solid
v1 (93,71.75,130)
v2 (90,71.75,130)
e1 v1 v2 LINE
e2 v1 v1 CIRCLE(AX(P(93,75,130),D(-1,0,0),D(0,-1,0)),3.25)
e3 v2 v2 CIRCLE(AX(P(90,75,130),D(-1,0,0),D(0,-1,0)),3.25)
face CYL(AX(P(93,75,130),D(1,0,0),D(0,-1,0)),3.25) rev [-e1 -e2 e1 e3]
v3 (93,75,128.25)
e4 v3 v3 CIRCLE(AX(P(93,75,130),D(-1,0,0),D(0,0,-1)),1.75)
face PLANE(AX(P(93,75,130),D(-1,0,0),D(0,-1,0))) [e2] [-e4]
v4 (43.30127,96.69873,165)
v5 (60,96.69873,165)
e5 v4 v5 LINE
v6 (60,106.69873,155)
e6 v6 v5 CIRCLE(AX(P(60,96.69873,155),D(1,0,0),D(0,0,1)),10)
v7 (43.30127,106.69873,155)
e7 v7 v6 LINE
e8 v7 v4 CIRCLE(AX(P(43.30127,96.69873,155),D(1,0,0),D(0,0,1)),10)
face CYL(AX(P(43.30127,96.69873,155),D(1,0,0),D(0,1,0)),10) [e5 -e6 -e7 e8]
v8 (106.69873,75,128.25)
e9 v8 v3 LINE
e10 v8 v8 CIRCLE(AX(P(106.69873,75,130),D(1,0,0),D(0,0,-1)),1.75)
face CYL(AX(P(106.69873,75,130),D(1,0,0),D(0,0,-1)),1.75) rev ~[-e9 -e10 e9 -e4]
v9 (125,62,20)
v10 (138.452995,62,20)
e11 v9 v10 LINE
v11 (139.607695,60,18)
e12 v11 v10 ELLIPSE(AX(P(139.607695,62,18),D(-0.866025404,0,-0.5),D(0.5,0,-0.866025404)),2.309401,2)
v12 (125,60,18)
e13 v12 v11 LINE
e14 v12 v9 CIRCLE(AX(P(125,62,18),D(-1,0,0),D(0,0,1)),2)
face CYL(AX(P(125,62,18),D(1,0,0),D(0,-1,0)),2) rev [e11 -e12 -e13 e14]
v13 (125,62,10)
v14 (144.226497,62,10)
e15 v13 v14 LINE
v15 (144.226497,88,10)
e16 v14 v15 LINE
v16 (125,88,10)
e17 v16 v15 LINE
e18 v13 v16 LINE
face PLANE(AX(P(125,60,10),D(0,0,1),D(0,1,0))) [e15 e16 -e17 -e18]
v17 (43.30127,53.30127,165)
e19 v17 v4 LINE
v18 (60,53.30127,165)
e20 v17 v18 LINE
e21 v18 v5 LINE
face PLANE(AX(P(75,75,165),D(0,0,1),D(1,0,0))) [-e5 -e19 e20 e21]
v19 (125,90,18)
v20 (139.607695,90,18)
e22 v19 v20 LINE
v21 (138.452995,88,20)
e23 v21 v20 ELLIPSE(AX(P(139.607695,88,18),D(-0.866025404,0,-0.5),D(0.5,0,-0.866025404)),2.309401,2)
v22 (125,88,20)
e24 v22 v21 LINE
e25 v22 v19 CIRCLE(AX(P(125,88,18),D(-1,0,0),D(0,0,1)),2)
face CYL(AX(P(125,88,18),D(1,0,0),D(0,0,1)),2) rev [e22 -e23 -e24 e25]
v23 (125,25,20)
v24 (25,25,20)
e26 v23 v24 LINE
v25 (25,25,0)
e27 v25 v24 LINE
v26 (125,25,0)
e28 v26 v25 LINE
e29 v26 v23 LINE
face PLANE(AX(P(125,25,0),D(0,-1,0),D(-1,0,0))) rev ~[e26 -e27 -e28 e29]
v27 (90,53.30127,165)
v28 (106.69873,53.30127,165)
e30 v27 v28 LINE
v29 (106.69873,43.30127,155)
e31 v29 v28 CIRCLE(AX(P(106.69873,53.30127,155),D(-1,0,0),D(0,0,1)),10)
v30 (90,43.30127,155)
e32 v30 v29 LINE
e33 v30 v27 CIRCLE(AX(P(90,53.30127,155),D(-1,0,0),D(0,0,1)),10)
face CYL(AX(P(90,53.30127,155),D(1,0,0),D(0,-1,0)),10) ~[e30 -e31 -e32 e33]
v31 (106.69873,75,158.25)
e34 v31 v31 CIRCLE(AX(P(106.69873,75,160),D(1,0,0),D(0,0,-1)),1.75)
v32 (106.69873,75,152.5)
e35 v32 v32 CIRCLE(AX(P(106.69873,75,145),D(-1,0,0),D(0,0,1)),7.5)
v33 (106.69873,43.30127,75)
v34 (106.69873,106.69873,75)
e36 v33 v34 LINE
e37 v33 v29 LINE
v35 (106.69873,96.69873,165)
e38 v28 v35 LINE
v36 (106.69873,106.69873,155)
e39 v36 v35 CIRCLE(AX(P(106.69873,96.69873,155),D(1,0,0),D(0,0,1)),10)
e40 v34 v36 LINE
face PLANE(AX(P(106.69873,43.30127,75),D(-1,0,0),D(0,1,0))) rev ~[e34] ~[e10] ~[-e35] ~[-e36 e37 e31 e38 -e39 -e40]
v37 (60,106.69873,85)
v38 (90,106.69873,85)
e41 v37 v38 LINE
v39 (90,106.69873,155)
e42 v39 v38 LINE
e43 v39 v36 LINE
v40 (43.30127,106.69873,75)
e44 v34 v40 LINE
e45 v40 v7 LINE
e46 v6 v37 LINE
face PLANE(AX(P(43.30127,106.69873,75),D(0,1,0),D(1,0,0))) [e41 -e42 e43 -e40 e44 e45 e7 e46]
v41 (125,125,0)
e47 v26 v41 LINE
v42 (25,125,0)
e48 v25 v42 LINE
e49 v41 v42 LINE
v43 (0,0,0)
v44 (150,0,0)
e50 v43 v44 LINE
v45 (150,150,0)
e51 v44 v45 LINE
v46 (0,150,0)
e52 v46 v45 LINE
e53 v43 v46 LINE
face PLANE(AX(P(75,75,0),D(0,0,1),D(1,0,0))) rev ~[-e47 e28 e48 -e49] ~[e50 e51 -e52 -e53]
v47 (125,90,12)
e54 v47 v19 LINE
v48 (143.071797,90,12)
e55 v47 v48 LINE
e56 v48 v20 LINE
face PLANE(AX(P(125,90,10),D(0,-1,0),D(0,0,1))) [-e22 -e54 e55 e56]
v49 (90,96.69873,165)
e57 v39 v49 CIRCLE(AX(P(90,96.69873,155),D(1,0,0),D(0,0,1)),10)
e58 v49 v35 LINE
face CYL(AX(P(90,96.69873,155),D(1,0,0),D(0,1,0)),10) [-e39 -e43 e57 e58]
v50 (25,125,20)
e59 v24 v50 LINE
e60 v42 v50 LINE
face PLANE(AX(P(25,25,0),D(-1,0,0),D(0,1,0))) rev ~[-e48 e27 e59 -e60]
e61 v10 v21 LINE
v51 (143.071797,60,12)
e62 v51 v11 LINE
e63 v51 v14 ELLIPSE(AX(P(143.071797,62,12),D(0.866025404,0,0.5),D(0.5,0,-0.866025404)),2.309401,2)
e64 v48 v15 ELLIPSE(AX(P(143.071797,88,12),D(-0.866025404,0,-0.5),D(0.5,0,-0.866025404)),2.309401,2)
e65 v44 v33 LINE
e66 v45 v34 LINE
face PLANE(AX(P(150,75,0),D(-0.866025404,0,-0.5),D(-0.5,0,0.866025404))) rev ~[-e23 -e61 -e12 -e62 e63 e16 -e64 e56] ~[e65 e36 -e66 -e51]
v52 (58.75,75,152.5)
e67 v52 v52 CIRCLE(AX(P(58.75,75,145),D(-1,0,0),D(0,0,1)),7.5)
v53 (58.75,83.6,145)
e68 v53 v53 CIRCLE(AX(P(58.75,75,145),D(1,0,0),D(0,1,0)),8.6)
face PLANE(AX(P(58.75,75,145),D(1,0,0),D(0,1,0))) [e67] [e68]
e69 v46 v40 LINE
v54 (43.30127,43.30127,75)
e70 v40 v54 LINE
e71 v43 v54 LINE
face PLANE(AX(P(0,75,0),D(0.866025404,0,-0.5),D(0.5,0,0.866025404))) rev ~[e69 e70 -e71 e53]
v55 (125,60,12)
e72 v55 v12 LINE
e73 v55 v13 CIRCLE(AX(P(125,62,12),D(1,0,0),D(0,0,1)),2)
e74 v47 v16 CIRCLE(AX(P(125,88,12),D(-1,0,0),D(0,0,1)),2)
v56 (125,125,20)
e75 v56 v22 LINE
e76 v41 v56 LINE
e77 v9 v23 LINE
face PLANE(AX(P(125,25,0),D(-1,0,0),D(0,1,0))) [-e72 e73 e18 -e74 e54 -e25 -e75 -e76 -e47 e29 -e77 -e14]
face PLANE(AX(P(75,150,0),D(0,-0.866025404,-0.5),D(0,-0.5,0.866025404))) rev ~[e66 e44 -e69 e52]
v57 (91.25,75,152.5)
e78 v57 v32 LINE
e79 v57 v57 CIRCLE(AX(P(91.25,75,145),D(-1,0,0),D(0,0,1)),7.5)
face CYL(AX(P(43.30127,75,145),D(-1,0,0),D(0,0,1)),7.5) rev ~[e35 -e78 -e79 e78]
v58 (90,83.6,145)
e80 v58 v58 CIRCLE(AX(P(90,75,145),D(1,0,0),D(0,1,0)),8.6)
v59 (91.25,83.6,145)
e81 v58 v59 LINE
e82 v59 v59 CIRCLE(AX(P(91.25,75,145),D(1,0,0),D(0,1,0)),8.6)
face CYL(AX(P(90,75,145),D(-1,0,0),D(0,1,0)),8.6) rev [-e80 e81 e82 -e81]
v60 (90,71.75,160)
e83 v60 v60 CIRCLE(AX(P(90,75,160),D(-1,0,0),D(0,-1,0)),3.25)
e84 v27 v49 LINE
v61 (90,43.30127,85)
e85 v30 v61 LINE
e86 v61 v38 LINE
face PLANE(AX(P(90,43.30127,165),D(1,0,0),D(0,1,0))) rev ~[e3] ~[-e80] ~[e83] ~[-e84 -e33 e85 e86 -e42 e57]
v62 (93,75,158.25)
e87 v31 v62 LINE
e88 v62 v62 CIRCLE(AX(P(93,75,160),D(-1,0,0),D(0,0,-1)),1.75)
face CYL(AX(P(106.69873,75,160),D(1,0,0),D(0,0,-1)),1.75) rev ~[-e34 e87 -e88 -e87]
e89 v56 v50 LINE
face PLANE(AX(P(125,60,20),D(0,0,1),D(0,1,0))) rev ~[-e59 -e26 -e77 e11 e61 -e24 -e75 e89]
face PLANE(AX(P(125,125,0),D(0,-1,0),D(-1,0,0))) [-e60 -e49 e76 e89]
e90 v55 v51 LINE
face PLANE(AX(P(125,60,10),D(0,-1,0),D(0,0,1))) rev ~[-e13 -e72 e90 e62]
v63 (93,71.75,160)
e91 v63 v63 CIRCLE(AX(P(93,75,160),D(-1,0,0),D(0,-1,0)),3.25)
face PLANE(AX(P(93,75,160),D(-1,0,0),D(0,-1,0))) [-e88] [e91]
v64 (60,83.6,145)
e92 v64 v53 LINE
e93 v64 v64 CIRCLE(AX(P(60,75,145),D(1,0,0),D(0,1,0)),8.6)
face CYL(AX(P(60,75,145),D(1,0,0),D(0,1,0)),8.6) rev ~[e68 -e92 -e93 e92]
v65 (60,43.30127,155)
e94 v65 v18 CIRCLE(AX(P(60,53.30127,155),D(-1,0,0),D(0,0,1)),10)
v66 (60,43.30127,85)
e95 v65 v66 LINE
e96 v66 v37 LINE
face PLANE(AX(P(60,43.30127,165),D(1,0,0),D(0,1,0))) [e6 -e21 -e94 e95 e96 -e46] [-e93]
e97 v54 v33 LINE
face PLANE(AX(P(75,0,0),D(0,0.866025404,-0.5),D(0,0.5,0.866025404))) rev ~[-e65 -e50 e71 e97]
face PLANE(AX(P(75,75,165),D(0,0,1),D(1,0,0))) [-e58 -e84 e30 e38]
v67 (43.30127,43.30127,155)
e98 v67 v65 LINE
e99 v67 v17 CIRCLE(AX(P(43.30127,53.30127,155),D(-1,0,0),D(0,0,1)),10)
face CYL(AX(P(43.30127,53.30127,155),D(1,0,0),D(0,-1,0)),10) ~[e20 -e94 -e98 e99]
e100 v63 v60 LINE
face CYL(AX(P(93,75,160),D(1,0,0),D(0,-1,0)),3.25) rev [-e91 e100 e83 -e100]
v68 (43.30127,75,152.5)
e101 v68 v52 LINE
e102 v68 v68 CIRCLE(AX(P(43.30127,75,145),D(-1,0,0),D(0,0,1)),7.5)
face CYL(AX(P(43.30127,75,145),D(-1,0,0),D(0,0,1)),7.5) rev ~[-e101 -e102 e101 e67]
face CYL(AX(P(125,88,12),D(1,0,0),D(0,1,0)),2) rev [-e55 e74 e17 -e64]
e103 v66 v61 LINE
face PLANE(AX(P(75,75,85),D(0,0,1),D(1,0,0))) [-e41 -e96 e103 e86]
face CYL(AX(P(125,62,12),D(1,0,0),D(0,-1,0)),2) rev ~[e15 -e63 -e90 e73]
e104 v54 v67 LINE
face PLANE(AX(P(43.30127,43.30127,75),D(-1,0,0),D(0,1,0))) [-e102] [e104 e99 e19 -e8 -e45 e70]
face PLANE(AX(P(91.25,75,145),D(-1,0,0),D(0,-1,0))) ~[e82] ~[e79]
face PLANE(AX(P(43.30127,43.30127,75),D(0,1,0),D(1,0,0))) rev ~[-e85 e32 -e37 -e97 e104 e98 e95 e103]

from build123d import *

# Parameters (mm, degrees)
SKETCH2_W           = 150
SKETCH2_H           = 150
BOSS_EXTRUDE1_DEPTH = 75
BOSS_EXTRUDE1_TAPER = 30
SKETCH3_W           = 63.397459622
SKETCH3_H           = 63.397459622
BOSS_EXTRUDE2_DEPTH = 90
SKETCH4_W           = 30
SKETCH4_H           = 63.397459622
CUT_EXTRUDE1_DEPTH  = 80
FILLET1_R           = 10
CUT_EXTRUDE2_REACH  = 249.204
SKETCH5_R           = 7.5
SKETCH6_W           = 100
SKETCH6_H           = 100
CUT_EXTRUDE3_DEPTH  = 20
SKETCH7_W           = 10
SKETCH7_H           = 30
CUT_EXTRUDE4_DEPTH  = 256.636460623
FILLET2_R           = 2
SKETCH8_R           = 1.75
CUT_EXTRUDE5_DEPTH  = 16.698729811
CUT_EXTRUDE6_START  = -3
SKETCH9_R           = 3.25
SKETCH9_R_2         = 1.75
CUT_EXTRUDE6_DEPTH  = 3
SKETCH10_R          = 8.6
CUT_EXTRUDE7_DEPTH  = 1.25


with BuildPart() as part:
    # Sketch2 → Boss-Extrude1 (new body)
    with BuildSketch(Plane.XY):
        with Locations((75, 75)):
            Rectangle(SKETCH2_W, SKETCH2_H)
    extrude(amount=BOSS_EXTRUDE1_DEPTH, taper=BOSS_EXTRUDE1_TAPER)

    # Sketch3 → Boss-Extrude2 (add)
    with BuildSketch(Plane.XY.offset(75)):
        with Locations((75, 75)):
            Rectangle(SKETCH3_W, SKETCH3_H)
    extrude(amount=BOSS_EXTRUDE2_DEPTH)

    # Sketch4 → Cut-Extrude1 (cut)
    with BuildSketch(Plane.XY.offset(165)):
        with Locations((75, 75)):
            Rectangle(SKETCH4_W, SKETCH4_H)
    extrude(amount=-CUT_EXTRUDE1_DEPTH, mode=Mode.SUBTRACT)

    # Fillet1
    fillet1_edges = [part.edges().sort_by_distance(p)[0] for p in [
        (98.349364905, 106.698729811, 165),
        (51.650635095, 43.301270189, 165),
        (51.650635095, 106.698729811, 165),
        (98.349364905, 43.301270189, 165),
    ]]
    fillet(fillet1_edges, radius=FILLET1_R)

    # Cut-Extrude2: up to this face of the body (flat: up to its plane)
    cut_extrude2_end = Plane(part.part.faces().sort_by_distance((106.698729811, 75, 119.675861825))[0])
    # Sketch5 → Cut-Extrude2 (cut, up to the picked face)
    with BuildSketch(Plane.ZY.offset(-43.301270189), mode=Mode.PRIVATE) as cut_extrude2_sk1:
        with Locations((145, 75)):
            Circle(SKETCH5_R)
    cut_extrude2_tool1 = split(extrude(cut_extrude2_sk1.sketch, amount=-CUT_EXTRUDE2_REACH, mode=Mode.PRIVATE), bisect_by=cut_extrude2_end, keep=Keep.BOTH, mode=Mode.PRIVATE)
    add(cut_extrude2_tool1.solids().sort_by(Axis((43.30127, 75, 145), (1, 0, 0)))[0], mode=Mode.SUBTRACT)

    # Sketch6 → Cut-Extrude3 (cut)
    with BuildSketch(Plane(origin=(0, 0, 0), x_dir=(-1, 0, 0), z_dir=(0, 0, -1))):
        with Locations((-75, 75)):
            Rectangle(SKETCH6_W, SKETCH6_H)
    extrude(amount=-CUT_EXTRUDE3_DEPTH, mode=Mode.SUBTRACT)

    # Sketch7 → Cut-Extrude4 (cut, through all)
    with BuildSketch(Plane.ZY.offset(-125)):
        with Locations((15, 75)):
            Rectangle(SKETCH7_W, SKETCH7_H)
    extrude(amount=-CUT_EXTRUDE4_DEPTH, mode=Mode.SUBTRACT)

    # Fillet2
    fillet2_edges = [part.edges().sort_by_distance(p)[0] for p in [
        (131.726497308, 90, 20),
        (131.726497308, 60, 20),
        (134.613248654, 60, 10),
        (134.613248654, 90, 10),
    ]]
    fillet(fillet2_edges, radius=FILLET2_R)

    # Sketch8 → Cut-Extrude5 (cut)
    with BuildSketch(Plane(origin=(106.698729811, 0, 0), x_dir=(0, 0, -1), z_dir=(1, 0, 0))):
        with Locations((-160, 75)):
            Circle(SKETCH8_R)
        with Locations((-130, 75)):
            Circle(SKETCH8_R)
    extrude(amount=-CUT_EXTRUDE5_DEPTH, mode=Mode.SUBTRACT)

    # Sketch9 → Cut-Extrude6 (cut)
    # profile 1 of 2: a face of its own
    with BuildSketch(Plane.ZY.offset(-90).offset(CUT_EXTRUDE6_START)):
        with Locations(Location((160, 75, 0), (0, 0, 270))):
            Circle(SKETCH9_R)
        with Locations(Location((160, 75, 0), (0, 0, 180))):
            Circle(SKETCH9_R_2, mode=Mode.SUBTRACT)
    # profile 2 of 2: a face of its own
    with BuildSketch(Plane.ZY.offset(-90).offset(CUT_EXTRUDE6_START)):
        with Locations(Location((130, 75, 0), (0, 0, 270))):
            Circle(SKETCH9_R)
        with Locations(Location((130, 75, 0), (0, 0, 180))):
            Circle(SKETCH9_R_2, mode=Mode.SUBTRACT)
    extrude(amount=CUT_EXTRUDE6_DEPTH, mode=Mode.SUBTRACT)

    # Sketch10 → Cut-Extrude7 (cut)
    with BuildSketch(Plane(origin=(60, 0, 0), x_dir=(0, 0, -1), z_dir=(1, 0, 0))):
        with Locations(Location((-145, 75, 0), (0, 0, 90))):
            Circle(SKETCH10_R)
    cut_extrude7 = extrude(amount=-CUT_EXTRUDE7_DEPTH, mode=Mode.SUBTRACT)

    # Mirror1: Cut-Extrude7 across plane
    add(cut_extrude7.mirror(Plane(origin=(75, 0, 0), x_dir=(0, 0, 1), z_dir=(1, 0, 0))), mode=Mode.SUBTRACT)


solid = part.part
